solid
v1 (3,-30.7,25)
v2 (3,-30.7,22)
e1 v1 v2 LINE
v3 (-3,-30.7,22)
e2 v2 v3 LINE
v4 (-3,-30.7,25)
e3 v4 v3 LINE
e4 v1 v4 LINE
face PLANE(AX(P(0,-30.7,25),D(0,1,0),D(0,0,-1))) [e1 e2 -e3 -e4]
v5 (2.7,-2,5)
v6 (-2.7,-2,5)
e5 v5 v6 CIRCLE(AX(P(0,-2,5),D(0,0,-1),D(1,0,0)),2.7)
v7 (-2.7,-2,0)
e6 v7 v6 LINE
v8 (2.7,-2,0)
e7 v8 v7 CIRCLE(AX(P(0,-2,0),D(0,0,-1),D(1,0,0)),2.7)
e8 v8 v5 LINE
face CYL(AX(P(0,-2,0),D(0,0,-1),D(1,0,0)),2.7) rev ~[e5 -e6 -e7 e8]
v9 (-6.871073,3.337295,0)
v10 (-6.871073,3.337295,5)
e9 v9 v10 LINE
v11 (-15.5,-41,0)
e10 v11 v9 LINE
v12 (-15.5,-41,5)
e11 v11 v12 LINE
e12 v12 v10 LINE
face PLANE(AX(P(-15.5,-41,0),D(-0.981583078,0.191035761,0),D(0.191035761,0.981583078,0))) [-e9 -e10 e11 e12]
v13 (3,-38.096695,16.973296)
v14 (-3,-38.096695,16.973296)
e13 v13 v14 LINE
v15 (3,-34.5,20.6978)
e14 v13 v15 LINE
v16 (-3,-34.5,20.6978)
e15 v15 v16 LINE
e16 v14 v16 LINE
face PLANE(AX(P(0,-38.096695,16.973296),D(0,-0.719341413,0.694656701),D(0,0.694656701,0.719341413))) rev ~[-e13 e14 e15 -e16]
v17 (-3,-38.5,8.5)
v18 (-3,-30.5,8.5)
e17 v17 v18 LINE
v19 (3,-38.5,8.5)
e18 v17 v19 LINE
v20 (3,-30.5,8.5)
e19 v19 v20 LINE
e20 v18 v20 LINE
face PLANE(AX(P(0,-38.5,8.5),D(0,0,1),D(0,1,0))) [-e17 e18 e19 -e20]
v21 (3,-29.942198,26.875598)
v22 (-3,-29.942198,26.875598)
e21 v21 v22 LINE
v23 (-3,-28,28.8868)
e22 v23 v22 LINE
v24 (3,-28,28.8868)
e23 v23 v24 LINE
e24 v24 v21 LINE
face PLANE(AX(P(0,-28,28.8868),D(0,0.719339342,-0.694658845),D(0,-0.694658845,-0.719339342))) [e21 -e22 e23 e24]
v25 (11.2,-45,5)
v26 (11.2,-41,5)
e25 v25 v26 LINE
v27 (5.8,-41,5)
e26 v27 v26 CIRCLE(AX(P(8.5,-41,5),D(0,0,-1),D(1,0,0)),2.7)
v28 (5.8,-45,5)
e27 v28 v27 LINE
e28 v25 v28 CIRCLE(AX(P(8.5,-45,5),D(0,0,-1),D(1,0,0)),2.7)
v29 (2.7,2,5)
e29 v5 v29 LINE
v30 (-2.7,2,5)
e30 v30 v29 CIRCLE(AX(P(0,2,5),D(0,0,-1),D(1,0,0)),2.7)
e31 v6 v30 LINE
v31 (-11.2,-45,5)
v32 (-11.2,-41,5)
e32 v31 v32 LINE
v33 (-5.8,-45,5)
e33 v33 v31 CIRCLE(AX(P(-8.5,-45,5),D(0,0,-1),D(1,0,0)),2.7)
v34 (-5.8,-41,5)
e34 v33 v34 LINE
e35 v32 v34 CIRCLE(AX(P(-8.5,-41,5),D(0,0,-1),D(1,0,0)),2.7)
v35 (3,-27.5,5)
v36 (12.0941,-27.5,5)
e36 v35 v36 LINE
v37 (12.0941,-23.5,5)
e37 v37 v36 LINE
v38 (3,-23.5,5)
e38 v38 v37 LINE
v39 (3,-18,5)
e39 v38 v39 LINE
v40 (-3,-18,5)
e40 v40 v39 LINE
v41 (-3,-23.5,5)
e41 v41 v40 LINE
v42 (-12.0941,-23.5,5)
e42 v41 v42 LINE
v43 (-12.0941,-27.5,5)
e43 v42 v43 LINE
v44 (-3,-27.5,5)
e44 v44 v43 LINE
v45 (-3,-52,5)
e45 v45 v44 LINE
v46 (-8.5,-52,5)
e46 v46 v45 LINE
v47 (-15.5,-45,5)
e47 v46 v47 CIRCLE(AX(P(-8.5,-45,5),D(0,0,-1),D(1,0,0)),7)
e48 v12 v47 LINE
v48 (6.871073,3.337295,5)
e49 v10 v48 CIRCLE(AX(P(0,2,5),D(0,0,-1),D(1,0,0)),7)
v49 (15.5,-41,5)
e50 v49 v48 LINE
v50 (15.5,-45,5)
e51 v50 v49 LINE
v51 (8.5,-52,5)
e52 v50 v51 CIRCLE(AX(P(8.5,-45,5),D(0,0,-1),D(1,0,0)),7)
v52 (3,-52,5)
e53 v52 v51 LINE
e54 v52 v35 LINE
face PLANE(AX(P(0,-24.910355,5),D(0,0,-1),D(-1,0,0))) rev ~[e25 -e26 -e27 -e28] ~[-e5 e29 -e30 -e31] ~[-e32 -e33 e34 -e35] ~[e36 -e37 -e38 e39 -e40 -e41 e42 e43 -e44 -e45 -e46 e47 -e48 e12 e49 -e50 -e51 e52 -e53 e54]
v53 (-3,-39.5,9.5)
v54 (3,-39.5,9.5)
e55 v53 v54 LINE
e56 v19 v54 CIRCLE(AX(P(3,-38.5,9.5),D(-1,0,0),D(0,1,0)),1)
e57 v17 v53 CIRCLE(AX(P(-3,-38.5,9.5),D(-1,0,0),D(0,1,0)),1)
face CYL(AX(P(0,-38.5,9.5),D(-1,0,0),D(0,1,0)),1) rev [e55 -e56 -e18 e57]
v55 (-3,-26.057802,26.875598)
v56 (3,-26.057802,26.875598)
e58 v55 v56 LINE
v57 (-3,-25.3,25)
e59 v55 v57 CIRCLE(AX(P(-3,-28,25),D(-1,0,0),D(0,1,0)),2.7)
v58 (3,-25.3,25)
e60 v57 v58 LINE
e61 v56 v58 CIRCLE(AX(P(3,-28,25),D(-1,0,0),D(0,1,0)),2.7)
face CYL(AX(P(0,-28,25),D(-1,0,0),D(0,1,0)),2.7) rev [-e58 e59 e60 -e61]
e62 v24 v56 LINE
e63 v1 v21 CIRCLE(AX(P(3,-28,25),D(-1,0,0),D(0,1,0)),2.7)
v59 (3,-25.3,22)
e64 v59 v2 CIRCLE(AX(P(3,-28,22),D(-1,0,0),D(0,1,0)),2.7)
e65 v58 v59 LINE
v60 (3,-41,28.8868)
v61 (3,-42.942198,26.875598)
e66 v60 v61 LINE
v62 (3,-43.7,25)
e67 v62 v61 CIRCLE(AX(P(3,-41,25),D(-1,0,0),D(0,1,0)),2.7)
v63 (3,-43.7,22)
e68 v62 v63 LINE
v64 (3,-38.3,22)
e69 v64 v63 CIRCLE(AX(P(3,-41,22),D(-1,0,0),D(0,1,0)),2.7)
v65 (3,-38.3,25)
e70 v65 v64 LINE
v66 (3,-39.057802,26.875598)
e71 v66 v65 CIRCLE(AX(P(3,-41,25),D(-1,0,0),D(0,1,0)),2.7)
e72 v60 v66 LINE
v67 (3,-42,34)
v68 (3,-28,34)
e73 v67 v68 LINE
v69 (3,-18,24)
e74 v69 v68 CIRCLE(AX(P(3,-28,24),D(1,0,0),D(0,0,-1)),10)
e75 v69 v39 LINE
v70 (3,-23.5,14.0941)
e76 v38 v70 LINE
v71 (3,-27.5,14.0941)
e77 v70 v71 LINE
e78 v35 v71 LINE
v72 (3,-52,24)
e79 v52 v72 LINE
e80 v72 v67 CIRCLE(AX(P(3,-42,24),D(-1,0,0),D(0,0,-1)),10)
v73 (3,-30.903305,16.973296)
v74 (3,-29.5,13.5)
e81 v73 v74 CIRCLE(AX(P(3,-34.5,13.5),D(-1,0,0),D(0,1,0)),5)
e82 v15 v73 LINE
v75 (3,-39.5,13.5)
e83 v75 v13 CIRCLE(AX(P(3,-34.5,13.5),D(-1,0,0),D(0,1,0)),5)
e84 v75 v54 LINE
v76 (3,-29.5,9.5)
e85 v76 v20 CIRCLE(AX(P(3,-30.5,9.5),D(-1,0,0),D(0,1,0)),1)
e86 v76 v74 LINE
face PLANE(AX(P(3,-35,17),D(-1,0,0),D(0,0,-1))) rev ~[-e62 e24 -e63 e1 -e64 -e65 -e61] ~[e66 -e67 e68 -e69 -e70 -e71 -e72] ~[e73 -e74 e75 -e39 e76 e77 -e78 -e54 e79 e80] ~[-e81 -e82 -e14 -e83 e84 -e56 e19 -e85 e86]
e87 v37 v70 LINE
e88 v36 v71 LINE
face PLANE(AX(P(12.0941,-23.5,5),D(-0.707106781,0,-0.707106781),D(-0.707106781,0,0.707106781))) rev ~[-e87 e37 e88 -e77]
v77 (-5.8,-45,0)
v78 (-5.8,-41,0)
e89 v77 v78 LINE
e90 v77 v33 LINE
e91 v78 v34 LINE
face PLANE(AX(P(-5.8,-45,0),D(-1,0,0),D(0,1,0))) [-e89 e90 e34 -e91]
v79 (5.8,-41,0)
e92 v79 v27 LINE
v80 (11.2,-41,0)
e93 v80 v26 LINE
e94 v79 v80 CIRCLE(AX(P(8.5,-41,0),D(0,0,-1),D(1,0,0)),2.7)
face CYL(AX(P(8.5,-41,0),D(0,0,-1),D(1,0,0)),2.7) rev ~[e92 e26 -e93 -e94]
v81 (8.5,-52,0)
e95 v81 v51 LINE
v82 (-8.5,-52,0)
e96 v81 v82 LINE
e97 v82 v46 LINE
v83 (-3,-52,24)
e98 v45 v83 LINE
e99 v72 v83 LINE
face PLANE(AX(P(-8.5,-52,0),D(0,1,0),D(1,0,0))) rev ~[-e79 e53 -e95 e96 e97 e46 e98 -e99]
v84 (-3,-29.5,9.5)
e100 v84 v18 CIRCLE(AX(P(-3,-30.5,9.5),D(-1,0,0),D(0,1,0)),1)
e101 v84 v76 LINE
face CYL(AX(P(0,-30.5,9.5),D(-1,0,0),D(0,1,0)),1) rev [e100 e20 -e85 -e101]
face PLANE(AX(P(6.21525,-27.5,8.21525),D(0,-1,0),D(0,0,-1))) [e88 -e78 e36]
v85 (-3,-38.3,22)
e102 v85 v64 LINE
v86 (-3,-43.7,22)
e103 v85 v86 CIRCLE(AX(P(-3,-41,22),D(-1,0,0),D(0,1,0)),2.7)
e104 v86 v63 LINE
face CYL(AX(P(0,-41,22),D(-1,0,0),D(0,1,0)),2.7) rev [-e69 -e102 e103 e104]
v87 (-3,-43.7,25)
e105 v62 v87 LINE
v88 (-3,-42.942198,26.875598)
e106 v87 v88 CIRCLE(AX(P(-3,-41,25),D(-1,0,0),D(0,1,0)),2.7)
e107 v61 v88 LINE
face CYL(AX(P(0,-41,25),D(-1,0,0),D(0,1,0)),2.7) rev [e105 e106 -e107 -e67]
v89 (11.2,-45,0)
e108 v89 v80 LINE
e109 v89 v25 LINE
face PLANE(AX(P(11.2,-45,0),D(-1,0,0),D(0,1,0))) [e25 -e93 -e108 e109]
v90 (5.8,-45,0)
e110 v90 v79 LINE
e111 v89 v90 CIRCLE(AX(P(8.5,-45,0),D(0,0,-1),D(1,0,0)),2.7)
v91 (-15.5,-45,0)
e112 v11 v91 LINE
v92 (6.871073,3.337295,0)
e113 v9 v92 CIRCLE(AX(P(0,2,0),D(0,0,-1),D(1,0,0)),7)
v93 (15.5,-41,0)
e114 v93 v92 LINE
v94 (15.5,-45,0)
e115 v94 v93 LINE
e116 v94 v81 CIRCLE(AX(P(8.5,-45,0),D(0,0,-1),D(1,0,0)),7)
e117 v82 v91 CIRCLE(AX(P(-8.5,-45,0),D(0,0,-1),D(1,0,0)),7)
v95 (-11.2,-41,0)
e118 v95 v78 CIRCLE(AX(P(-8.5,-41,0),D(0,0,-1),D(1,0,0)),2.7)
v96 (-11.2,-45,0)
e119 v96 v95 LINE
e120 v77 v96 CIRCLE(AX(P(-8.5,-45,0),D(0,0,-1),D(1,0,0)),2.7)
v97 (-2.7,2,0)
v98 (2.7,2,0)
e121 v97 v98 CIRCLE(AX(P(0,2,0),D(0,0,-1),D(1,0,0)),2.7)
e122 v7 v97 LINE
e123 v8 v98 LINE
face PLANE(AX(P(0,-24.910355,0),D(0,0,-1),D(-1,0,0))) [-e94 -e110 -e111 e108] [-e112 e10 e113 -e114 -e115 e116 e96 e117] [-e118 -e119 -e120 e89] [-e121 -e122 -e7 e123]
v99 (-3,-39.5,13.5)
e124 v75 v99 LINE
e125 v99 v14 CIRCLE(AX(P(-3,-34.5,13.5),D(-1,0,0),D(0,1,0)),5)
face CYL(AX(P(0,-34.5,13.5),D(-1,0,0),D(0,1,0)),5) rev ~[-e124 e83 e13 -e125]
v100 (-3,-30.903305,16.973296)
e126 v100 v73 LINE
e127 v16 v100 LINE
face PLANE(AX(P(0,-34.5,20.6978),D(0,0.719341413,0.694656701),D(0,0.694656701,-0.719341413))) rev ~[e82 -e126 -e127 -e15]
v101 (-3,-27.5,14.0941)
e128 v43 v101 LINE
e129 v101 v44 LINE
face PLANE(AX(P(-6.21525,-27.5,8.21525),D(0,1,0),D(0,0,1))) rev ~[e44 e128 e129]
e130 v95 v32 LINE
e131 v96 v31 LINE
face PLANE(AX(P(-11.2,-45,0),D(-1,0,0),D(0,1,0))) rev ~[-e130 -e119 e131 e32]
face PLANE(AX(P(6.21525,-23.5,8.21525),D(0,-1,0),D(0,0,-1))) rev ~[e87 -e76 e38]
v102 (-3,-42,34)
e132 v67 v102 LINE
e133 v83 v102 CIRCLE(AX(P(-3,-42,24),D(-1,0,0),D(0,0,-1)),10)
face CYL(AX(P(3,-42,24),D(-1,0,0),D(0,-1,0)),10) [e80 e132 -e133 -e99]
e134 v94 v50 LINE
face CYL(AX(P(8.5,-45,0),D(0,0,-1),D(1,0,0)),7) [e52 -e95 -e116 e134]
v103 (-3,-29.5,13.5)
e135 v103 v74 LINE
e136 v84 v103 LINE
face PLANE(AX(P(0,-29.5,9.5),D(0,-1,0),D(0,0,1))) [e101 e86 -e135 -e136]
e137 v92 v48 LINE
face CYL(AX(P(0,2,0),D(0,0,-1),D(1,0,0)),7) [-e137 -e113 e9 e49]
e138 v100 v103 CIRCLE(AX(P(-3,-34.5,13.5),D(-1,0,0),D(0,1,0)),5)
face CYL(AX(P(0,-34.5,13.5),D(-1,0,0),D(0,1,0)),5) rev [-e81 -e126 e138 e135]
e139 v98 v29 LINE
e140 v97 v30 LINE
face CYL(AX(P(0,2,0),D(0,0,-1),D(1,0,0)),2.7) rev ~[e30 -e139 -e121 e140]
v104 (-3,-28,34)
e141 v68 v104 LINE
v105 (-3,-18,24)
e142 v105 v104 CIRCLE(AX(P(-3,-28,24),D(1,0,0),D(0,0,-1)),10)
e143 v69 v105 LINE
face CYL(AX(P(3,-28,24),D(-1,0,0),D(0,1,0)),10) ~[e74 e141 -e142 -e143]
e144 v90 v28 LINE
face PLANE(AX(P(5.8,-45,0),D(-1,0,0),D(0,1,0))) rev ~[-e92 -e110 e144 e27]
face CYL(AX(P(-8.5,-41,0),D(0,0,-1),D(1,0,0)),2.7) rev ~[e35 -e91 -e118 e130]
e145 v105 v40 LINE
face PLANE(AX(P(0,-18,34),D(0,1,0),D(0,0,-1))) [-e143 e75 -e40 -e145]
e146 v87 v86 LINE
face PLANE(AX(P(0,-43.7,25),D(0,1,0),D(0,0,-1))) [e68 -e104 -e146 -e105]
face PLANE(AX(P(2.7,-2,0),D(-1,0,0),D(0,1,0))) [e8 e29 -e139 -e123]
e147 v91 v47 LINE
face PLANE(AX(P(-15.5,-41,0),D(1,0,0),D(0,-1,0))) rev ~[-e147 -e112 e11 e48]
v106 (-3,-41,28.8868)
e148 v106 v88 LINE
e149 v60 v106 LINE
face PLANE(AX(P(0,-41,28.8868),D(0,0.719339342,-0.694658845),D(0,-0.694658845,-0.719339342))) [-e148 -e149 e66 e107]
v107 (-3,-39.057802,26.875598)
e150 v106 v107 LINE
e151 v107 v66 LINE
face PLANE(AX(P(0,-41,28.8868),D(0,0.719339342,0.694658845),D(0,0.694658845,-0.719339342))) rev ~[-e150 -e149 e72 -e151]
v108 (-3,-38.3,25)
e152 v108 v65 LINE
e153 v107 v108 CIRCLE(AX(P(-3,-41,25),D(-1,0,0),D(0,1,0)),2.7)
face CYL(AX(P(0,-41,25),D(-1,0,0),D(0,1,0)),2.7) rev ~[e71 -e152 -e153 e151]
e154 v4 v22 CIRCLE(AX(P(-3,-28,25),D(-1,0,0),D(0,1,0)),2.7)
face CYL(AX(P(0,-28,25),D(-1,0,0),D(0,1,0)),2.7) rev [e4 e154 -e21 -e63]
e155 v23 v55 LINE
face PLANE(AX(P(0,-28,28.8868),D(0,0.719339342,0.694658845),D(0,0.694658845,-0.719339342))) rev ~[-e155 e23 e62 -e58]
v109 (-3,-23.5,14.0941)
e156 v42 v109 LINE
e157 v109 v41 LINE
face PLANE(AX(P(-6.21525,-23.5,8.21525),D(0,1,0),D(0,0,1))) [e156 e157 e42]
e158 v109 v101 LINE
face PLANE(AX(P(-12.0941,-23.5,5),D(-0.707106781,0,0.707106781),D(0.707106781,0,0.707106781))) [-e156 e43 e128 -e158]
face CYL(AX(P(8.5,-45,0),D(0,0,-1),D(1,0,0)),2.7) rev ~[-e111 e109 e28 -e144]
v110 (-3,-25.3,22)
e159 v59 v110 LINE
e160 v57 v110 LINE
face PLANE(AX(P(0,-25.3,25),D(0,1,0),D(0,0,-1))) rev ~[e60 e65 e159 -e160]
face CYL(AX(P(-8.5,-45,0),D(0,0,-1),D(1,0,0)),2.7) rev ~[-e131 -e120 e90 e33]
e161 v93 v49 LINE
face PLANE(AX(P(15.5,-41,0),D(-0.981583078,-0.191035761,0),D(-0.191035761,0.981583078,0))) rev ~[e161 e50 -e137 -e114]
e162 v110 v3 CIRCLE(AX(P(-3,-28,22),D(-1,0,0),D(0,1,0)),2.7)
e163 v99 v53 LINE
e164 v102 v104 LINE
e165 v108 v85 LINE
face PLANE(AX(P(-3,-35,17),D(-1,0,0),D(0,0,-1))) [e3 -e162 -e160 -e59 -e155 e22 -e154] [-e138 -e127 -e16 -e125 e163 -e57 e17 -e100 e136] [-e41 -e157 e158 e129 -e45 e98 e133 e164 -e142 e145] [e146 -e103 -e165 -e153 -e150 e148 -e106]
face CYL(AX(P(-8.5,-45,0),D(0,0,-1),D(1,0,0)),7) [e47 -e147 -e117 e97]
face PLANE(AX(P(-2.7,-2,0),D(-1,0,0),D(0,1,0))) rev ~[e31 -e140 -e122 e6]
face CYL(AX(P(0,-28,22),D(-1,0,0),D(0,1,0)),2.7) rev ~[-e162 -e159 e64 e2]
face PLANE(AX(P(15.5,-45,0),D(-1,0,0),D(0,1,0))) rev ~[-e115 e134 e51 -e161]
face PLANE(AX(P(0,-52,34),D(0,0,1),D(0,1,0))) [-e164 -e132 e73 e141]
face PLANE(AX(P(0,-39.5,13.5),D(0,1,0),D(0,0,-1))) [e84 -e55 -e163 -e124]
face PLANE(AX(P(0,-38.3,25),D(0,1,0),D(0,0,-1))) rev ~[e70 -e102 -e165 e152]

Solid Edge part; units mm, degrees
sketch "Sketch1" plane through (0, 0, 0) normal (0, 0, 1) x (1, 0, 0)
  line L0 (-15.5, -41) -> (-6.8711, 3.3373)
  line L1 (15.5, -41) -> (6.8711, 3.3373)
  line L2 (15.5, -45) -> (15.5, -41)
  line L3 (-8.5, -52) -> (8.5, -52)
  line L4 (-15.5, -41) -> (-15.5, -45)
  arc A0 (-6.8711, 3.3373) -> (6.8711, 3.3373) centre (0, 2) cw
  arc A1 (15.5, -45) -> (8.5, -52) centre (8.5, -45) cw
  arc A2 (-8.5, -52) -> (-15.5, -45) centre (-8.5, -45) cw
  line L5 (-2.7, -2) -> (-2.7, 2)
  line L6 (2.7, -2) -> (2.7, 2)
  arc A3 (2.7, -2) -> (-2.7, -2) centre (0, -2) cw
  arc A4 (-2.7, 2) -> (2.7, 2) centre (0, 2) cw
  arc A5 (-11.2, -41) -> (-5.8, -41) centre (-8.5, -41) cw
  line L7 (-5.8, -45) -> (-5.8, -41)
  arc A6 (-5.8, -45) -> (-11.2, -45) centre (-8.5, -45) cw
  line L8 (-11.2, -45) -> (-11.2, -41)
  arc A7 (5.8, -41) -> (11.2, -41) centre (8.5, -41) cw
  line L9 (11.2, -45) -> (11.2, -41)
  arc A8 (11.2, -45) -> (5.8, -45) centre (8.5, -45) cw
  line L10 (5.8, -45) -> (5.8, -41)
extrude "Protrusion1" add sketch "Sketch1" along normal blind 5
sketch "Sketch2" plane through (0, 0, 0) normal (1, 0, 0) x (0, 1, 0)
  line L0 (-52, 0) -> (-52, 34)
  line L1 (-52, 34) -> (-18, 34)
  line L2 (-18, 34) -> (-18, 0)
  line L3 (-18, 0) -> (-52, 0)
  dimension "D1" = 34
  dimension "D2" = 34
extrude "ExtrudedProtrusion_4" add sketch "Sketch2" along normal mid plane 6
sketch "Sketch3" plane through (0, 0, 0) normal (1, 0, 0) x (0, 1, 0)
  line L0 (-43.7, 25) -> (-43.7, 22)
  line L1 (-38.3, 25) -> (-38.3, 22)
  arc A0 (-39.0578, 26.8756) -> (-38.3, 25) centre (-41, 25) cw
  line L2 (-41, 28.8868) -> (-39.0578, 26.8756)
  line L3 (-41, 28.8868) -> (-42.9422, 26.8756)
  arc A1 (-43.7, 22) -> (-38.3, 22) centre (-41, 22) ccw
  arc A2 (-42.9422, 26.8756) -> (-43.7, 25) centre (-41, 25) ccw
  line L4 (-25.3, 25) -> (-25.3, 22)
  arc A3 (-25.3, 22) -> (-30.7, 22) centre (-28, 22) cw
  line L5 (-30.7, 25) -> (-30.7, 22)
  arc A4 (-29.9422, 26.8756) -> (-30.7, 25) centre (-28, 25) ccw
  line L6 (-28, 28.8868) -> (-29.9422, 26.8756)
  line L7 (-28, 28.8868) -> (-26.0578, 26.8756)
  arc A5 (-25.3, 25) -> (-26.0578, 26.8756) centre (-28, 25) ccw
  line L8 (-39.5, 13.5) -> (-39.5, 9.5)
  arc A6 (-39.5, 9.5) -> (-38.5, 8.5) centre (-38.5, 9.5) ccw
  line L9 (-38.5, 8.5) -> (-30.5, 8.5)
  arc A7 (-30.5, 8.5) -> (-29.5, 9.5) centre (-30.5, 9.5) ccw
  line L10 (-29.5, 9.5) -> (-29.5, 13.5)
  line L11 (-34.5, 20.6978) -> (-30.9033, 16.9733)
  line L12 (-38.0967, 16.9733) -> (-34.5, 20.6978)
  arc A8 (-39.5, 13.5) -> (-38.0967, 16.9733) centre (-34.5, 13.5) cw
  arc A9 (-29.5, 13.5) -> (-30.9033, 16.9733) centre (-34.5, 13.5) ccw
  dimension "D1" = 8
  dimension "D2" = 7
  dimension "D3" = 3
extrude "Cutout1" cut sketch "Sketch3" along normal through all and the other way through all
sketch "Sketch4" plane through (0, -23.5, 0) normal (0, -1, 0) x (1, 0, 0)
  line L0 (3, 5) -> (12.0941, 5)
  line L1 (12.0941, 5) -> (3, 14.0941)
  line L2 (3, 5) -> (3, 14.0941)
  line L3 (-3, 5) -> (-12.0941, 5)
  line L4 (-12.0941, 5) -> (-3, 14.0941)
  line L5 (-3, 14.0941) -> (-3, 5)
extrude "ExtrudedProtrusion_3" add sketch "Sketch4" along normal blind 4
fillet "Round_1" radius 10 2 edges at (0, -52, 34) (0, -18, 34)
properties material "ABS Plastic, medium impact"
